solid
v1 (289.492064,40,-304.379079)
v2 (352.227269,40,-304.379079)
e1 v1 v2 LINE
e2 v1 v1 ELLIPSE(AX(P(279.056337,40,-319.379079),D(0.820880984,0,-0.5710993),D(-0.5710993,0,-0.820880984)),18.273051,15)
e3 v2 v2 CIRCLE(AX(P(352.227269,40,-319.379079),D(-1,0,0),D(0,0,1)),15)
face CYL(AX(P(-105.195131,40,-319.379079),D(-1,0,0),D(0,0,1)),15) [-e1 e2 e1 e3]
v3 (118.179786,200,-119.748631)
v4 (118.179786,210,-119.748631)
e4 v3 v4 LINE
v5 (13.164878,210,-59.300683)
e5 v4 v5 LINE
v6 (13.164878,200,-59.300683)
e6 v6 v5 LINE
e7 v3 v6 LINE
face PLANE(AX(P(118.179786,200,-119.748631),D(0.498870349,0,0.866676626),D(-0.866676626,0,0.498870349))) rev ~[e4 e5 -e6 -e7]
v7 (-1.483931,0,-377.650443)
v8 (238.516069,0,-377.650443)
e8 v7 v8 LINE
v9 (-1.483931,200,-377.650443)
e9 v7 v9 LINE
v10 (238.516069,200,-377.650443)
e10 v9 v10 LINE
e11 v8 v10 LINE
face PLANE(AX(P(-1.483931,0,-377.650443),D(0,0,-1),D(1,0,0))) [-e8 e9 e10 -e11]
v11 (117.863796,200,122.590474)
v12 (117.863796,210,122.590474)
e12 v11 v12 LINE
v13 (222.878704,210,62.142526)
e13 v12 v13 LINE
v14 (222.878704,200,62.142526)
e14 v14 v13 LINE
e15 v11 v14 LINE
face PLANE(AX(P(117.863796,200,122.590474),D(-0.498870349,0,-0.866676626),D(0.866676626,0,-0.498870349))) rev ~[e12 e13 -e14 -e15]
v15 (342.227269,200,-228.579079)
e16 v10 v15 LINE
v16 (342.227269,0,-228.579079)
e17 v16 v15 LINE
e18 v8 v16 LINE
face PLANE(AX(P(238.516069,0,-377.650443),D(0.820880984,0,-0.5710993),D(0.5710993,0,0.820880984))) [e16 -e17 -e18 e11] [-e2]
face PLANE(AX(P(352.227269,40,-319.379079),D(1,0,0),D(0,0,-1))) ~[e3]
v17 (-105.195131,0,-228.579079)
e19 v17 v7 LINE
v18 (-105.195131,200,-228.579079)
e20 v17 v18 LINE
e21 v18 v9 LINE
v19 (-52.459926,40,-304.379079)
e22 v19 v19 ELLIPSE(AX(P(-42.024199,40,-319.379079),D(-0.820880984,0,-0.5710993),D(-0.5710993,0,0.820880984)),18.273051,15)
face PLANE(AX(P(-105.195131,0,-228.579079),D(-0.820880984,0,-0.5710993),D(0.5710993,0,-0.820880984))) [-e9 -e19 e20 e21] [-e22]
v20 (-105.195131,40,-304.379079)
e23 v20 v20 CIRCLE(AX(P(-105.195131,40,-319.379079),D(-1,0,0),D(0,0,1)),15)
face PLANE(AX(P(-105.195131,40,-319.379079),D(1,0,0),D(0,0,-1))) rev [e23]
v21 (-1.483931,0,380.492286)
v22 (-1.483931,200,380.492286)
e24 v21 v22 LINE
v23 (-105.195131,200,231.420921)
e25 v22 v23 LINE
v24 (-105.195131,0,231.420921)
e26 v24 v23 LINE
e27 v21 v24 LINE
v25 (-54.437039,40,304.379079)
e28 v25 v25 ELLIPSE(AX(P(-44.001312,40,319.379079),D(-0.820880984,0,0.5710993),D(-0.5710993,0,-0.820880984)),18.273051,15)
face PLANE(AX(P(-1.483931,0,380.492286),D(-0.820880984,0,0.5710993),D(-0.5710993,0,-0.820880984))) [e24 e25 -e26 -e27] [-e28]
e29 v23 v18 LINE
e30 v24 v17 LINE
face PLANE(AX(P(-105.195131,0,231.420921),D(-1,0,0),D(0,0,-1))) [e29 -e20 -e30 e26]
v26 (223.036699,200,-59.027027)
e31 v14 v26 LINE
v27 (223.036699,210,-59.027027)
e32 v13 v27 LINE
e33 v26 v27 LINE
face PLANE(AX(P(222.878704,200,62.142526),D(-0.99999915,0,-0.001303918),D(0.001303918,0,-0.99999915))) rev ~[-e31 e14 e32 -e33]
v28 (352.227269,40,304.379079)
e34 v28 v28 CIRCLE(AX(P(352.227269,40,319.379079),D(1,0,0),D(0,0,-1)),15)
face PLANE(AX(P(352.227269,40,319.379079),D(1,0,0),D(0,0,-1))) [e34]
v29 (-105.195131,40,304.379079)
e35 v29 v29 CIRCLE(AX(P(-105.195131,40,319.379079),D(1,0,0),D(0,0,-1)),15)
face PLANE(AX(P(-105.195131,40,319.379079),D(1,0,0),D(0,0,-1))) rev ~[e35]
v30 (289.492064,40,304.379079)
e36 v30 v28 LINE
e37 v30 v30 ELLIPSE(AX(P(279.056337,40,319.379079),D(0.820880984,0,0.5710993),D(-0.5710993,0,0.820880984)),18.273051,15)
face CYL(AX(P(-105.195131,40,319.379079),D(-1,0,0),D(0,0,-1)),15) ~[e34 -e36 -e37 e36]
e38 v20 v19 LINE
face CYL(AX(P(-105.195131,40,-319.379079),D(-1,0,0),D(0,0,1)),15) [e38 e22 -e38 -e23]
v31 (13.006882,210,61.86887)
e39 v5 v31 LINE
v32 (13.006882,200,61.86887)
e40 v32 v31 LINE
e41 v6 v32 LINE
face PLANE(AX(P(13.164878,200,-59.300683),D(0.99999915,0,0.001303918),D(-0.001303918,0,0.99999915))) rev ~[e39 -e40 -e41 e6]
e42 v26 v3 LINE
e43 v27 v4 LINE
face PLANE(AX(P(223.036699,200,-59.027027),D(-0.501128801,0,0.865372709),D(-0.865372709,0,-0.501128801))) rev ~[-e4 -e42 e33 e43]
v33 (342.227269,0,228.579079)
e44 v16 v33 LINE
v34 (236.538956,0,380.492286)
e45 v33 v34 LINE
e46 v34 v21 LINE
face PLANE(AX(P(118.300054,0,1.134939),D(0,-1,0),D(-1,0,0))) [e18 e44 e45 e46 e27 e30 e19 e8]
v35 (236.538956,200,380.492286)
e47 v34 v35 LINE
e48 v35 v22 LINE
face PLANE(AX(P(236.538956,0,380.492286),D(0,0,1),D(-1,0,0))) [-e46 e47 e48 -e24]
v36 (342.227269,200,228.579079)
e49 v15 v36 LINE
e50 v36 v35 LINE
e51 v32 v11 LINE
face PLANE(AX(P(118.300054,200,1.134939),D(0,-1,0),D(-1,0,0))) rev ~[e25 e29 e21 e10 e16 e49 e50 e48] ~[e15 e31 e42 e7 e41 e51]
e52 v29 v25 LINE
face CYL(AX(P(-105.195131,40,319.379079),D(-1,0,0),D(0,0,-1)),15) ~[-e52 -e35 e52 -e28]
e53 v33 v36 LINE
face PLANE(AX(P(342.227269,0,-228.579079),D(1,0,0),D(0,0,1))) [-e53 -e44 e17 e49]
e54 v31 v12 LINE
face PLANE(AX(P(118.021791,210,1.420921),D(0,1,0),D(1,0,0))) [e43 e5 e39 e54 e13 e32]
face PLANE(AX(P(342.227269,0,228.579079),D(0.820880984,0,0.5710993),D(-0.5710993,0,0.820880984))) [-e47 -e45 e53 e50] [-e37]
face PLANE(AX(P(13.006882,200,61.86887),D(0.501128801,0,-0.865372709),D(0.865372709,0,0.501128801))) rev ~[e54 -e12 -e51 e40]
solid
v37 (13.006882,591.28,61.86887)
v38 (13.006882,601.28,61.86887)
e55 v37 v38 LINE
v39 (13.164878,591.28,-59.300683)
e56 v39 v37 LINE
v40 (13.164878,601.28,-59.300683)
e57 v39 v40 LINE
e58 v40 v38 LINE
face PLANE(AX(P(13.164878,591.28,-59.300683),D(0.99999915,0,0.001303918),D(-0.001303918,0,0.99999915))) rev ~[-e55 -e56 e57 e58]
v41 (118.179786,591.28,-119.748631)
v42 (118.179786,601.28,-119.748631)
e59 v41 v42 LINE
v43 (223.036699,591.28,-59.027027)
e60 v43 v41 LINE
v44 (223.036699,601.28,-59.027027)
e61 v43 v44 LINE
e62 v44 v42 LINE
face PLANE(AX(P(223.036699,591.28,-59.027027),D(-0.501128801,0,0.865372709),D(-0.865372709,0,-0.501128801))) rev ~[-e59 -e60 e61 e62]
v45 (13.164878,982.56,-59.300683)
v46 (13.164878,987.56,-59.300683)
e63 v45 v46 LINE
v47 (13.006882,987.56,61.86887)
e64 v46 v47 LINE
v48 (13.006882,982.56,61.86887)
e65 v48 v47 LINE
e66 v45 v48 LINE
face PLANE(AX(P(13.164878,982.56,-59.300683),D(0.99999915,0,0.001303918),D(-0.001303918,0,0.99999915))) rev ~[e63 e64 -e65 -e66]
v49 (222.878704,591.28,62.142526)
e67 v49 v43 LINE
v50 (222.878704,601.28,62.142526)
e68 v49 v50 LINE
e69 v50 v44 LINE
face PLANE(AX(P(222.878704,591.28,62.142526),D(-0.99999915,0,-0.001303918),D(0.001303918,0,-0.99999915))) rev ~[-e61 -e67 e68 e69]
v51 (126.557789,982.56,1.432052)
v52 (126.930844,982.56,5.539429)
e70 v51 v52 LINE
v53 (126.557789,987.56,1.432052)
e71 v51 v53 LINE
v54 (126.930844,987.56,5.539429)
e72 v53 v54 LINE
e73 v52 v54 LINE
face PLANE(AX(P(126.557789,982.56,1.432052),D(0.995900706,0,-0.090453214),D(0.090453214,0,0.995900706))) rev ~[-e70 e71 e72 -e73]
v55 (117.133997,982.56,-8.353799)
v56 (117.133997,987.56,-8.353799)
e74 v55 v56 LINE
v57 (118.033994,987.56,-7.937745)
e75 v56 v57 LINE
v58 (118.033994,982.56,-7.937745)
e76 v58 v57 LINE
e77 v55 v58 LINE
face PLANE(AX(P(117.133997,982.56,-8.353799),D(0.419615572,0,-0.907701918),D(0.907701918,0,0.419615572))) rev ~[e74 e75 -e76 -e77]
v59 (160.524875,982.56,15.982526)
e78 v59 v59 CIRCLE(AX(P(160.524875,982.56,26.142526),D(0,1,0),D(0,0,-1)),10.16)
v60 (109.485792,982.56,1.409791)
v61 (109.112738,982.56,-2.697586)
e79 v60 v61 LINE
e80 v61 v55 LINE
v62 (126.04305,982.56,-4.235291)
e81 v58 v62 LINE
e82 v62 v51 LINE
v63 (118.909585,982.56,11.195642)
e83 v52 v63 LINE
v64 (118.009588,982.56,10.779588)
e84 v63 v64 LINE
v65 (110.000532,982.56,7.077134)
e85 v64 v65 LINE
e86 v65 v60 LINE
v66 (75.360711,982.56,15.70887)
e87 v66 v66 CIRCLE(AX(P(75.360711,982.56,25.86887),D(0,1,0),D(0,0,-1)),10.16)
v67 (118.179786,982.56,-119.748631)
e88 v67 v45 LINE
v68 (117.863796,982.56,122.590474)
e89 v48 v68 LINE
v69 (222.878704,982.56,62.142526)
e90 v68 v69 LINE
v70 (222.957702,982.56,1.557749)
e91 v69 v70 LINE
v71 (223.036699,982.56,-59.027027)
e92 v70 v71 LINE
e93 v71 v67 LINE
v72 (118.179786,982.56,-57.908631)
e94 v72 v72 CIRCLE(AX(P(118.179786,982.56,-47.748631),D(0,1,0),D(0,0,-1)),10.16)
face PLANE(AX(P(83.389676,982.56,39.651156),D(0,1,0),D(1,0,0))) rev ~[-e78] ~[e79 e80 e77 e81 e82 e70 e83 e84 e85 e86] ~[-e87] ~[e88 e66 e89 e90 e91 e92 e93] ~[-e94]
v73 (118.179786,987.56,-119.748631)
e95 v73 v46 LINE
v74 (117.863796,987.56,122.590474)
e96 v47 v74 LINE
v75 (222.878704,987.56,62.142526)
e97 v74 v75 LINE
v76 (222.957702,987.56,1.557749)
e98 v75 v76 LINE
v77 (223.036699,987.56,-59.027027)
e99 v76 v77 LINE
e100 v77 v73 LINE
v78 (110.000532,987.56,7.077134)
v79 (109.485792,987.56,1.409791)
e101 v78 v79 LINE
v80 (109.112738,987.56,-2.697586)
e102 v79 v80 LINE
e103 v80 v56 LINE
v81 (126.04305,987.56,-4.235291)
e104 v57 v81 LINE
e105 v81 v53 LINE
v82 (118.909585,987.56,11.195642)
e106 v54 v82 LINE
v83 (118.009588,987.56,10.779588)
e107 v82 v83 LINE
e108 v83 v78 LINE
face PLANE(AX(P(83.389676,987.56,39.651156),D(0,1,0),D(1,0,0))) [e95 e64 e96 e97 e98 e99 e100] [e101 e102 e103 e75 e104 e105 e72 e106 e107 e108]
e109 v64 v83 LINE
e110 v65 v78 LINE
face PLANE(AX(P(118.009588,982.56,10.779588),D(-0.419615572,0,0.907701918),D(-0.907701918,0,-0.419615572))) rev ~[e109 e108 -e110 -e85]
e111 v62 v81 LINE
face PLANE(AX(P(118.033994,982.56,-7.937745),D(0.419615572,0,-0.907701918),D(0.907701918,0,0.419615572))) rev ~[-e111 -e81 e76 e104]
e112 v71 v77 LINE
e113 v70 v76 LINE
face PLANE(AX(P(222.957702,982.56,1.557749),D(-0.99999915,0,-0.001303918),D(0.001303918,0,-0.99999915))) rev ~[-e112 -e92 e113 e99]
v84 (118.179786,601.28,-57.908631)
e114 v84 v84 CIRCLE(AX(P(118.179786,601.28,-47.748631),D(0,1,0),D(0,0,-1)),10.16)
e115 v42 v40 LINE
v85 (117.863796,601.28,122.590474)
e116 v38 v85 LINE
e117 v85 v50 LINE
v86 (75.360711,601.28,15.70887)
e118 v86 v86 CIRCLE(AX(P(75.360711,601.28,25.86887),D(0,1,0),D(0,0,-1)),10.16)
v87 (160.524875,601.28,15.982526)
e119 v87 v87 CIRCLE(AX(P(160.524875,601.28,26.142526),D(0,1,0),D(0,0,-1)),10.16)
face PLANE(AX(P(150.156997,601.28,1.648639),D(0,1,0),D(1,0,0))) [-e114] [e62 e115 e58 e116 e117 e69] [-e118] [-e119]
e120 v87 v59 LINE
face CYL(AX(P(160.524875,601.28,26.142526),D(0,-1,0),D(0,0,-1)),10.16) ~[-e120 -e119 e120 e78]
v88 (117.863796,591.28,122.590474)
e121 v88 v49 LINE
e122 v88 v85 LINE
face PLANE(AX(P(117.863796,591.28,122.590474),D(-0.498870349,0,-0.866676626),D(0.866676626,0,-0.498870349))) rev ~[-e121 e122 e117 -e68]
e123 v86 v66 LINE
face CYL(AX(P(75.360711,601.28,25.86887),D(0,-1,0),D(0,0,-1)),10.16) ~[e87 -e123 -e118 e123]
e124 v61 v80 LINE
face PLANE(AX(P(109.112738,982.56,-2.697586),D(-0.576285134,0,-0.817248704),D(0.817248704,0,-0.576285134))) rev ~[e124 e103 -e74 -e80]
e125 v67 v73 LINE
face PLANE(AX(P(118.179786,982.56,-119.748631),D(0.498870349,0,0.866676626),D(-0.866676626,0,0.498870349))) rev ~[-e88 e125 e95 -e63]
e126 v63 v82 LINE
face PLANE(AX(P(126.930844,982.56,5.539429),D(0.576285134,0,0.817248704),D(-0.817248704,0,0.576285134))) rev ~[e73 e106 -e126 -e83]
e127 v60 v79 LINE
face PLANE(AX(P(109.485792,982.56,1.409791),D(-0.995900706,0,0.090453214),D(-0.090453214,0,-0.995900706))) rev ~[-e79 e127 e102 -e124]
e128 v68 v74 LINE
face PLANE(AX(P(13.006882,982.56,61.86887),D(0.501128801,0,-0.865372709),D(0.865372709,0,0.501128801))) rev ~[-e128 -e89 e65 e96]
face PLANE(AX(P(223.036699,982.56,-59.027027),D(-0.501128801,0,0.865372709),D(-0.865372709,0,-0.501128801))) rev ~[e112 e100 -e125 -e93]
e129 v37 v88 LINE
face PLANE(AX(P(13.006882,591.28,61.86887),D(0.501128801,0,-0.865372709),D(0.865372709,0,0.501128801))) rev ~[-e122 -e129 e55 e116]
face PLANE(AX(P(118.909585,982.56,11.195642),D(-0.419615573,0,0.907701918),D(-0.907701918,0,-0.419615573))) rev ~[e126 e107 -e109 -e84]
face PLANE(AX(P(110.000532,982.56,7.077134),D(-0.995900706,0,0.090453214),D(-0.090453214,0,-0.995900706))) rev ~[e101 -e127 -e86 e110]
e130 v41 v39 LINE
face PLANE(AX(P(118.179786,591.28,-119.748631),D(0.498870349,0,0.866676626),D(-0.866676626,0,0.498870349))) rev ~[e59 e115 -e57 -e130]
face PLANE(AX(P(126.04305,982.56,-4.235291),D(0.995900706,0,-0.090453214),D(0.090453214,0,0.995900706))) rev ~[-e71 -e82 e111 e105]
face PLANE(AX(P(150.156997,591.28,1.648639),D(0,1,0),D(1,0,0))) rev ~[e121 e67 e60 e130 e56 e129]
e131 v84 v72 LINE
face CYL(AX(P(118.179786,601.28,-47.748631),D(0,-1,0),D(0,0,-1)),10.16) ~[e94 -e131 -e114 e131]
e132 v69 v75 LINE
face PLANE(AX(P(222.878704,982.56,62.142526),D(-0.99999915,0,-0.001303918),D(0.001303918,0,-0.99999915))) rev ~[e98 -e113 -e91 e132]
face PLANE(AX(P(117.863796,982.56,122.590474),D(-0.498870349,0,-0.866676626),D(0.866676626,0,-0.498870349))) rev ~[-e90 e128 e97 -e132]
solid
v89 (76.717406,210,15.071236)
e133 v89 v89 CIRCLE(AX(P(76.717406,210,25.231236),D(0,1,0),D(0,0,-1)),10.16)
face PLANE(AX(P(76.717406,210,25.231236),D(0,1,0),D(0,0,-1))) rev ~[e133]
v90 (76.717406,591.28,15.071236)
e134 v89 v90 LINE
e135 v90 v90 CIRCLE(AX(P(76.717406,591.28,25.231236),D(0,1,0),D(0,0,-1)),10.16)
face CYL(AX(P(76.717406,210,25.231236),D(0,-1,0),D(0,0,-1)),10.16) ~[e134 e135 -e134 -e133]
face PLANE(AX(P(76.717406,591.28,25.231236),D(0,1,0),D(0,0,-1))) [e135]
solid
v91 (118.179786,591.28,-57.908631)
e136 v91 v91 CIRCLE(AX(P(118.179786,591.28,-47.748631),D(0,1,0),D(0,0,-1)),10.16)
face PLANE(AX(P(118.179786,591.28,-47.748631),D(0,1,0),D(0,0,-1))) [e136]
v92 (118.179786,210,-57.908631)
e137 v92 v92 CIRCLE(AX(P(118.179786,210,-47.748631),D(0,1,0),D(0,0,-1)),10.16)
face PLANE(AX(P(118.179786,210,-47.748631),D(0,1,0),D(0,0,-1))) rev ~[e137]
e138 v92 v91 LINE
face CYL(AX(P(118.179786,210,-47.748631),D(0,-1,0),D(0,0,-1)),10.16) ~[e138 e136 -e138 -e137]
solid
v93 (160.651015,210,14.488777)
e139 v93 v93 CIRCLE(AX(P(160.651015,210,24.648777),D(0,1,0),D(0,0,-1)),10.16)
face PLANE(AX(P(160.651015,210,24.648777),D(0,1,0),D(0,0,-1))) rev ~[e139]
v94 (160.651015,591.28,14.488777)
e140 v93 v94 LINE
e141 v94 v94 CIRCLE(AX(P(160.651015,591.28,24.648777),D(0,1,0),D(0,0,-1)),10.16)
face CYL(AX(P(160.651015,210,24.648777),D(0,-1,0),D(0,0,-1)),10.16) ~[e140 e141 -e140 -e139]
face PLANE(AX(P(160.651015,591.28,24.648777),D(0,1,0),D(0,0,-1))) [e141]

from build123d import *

# Parameters (mm, degrees)
BOSS_EXTRUDE1_DEPTH   = 200
BOSS_EXTRUDE2_DEPTH   = 10
SKETCH3_R             = 10.16
BOSS_EXTRUDE3_DEPTH   = 381.28
BOSS_EXTRUDE3_2_DEPTH = 381.28
BOSS_EXTRUDE3_3_DEPTH = 381.28
BOSS_EXTRUDE4_DEPTH   = 10
SKETCH6_R             = 10.16
BOSS_EXTRUDE5_DEPTH   = 381.28
BOSS_EXTRUDE6_DEPTH   = 5
BOSS_EXTRUDE9_START   = -457.4224
SKETCH11_R            = 15
BOSS_EXTRUDE9_DEPTH   = 457.4224


with BuildPart() as part:
    # Sketch1 → Boss-Extrude1 (new body)
    with BuildSketch(Plane(origin=(0, 0, 0), x_dir=(1, 0, 0), z_dir=(0, 1, 0))):
        Polygon((-1.483930898, -380.492285736), (-105.195130657, -231.420921496), (-105.195130657, 228.579078504), (-1.483930898, 377.650442745), (238.516069102, 377.650442745), (342.227268861, 228.579078504), (342.227268861, -228.579078504), (236.538956009, -380.492285736), align=None)
    extrude(amount=BOSS_EXTRUDE1_DEPTH)

    # Sketch2 → Boss-Extrude2 (add)
    with BuildSketch(Plane(origin=(0, 200, 0), x_dir=(1, 0, 0), z_dir=(0, 1, 0))):
        Polygon((117.863795573, -122.590474184), (222.878703994, -62.142525746), (223.036699251, 59.027026943), (118.179786085, 119.748631193), (13.164877663, 59.300682754), (13.006882407, -61.868869934), align=None)
    extrude(amount=BOSS_EXTRUDE2_DEPTH)

    # Sketch11 → Boss-Extrude9 (add)
    with BuildSketch(Plane(origin=(352.227268861, 0, 0), x_dir=(0, 0, -1), z_dir=(1, 0, 0)).offset(BOSS_EXTRUDE9_START)):
        with Locations((-319.379078504, 40)):
            Circle(SKETCH11_R)
    boss_extrude9 = extrude(amount=BOSS_EXTRUDE9_DEPTH)

    # Mirror6: Boss-Extrude9 across plane
    add(boss_extrude9.mirror(Plane.XY))


with BuildPart() as body_2:
    # Sketch3 → Boss-Extrude3 (new body)
    with BuildSketch(Plane(origin=(0, 210, 0), x_dir=(1, 0, 0), z_dir=(0, 1, 0))):
        with Locations(Location((118.179786085, 47.748631193, 0), (0, 0, 90))):
            Circle(SKETCH3_R)
    extrude(amount=BOSS_EXTRUDE3_DEPTH)


with BuildPart() as body_3:
    # Sketch3 → Boss-Extrude3 2 (new body)
    with BuildSketch(Plane(origin=(0, 210, 0), x_dir=(1, 0, 0), z_dir=(0, 1, 0))):
        with Locations(Location((160.651015276, -24.648777083, 0), (0, 0, 90))):
            Circle(SKETCH3_R)
    extrude(amount=BOSS_EXTRUDE3_2_DEPTH)


with BuildPart() as body_4:
    # Sketch3 → Boss-Extrude3 3 (new body)
    with BuildSketch(Plane(origin=(0, 210, 0), x_dir=(1, 0, 0), z_dir=(0, 1, 0))):
        with Locations(Location((76.717405945, -25.231236354, 0), (0, 0, 90))):
            Circle(SKETCH3_R)
    extrude(amount=BOSS_EXTRUDE3_3_DEPTH)


with BuildPart() as body_5:
    # Sketch4 → Boss-Extrude4 (new body)
    with BuildSketch(Plane(origin=(0, 591.28, 0), x_dir=(1, 0, 0), z_dir=(0, 1, 0))):
        Polygon((197.21545944, 46.136372217), (118.140988501, 89.994029365), (117.902593157, -92.835872356), (119.610781014, -93.783297188), (198.804449625, -46.226003475), align=None)
        Polygon((118.140988501, 89.994029365), (118.179786085, 119.748631193), (13.164877663, 59.300682754), (13.006882407, -61.868869934), (117.863795573, -122.590474184), (117.902593157, -92.835872356), (38.828122218, -48.978215208), (37.239132033, 43.384160484), (116.432800644, 90.941454197), align=None)
        Polygon((117.902593157, -92.835872356), (118.140988501, 89.994029365), (116.432800644, 90.941454197), (37.239132033, 43.384160484), (38.828122218, -48.978215208), align=None)
        Polygon((223.036699251, 59.027026943), (118.179786085, 119.748631193), (118.140988501, 89.994029365), (197.21545944, 46.136372217), (198.804449625, -46.226003475), (119.610781014, -93.783297188), (117.902593157, -92.835872356), (117.863795573, -122.590474184), (222.878703994, -62.142525746), align=None)
    extrude(amount=BOSS_EXTRUDE4_DEPTH)

    # Sketch6 → Boss-Extrude5 (add)
    with BuildSketch(Plane(origin=(0, 601.28, 0), x_dir=(1, 0, 0), z_dir=(0, 1, 0))):
        with Locations(Location((118.179786085, 47.748631193, 0), (0, 0, 90))):
            Circle(SKETCH6_R)
        with Locations(Location((160.524874922, -26.142525746, 0), (0, 0, 90))):
            Circle(SKETCH6_R)
        with Locations(Location((75.360711479, -25.868869934, 0), (0, 0, 90))):
            Circle(SKETCH6_R)
    extrude(amount=BOSS_EXTRUDE5_DEPTH)

    # Sketch7 → Boss-Extrude6 (add)
    with BuildSketch(Plane(origin=(0, 982.56, 0), x_dir=(1, 0, 0), z_dir=(0, 1, 0))):
        Polygon((109.485792495, -1.409791247), (38.021858837, -1.316608081), (37.961633459, -47.504590352), (117.901340073, -93.796886037), (118.009587888, -10.779587912), (110.000531921, -7.077133909), align=None)
        Polygon((118.03399377, 7.937744921), (118.142241584, 90.955043046), (38.082084215, 44.871374189), (38.021858837, -1.316608081), (109.485792495, -1.409791247), (109.112737735, 2.697586282), (117.133996643, 8.353798696), align=None)
        Polygon((118.142241584, 90.955043046), (118.179786085, 119.748631193), (13.164877663, 59.300682754), (13.085880035, -1.28409359), (38.021858837, -1.316608081), (38.082084215, 44.871374189), align=None)
        Polygon((38.021858837, -1.316608081), (13.085880035, -1.28409359), (13.006882407, -61.868869934), (117.863795573, -122.590474184), (117.901340073, -93.796886037), (37.961633459, -47.504590352), align=None)
        Polygon((197.961497443, -47.713217181), (198.021722821, -1.52523491), (126.557789163, -1.432051744), (126.930843922, -5.539429273), (118.909585014, -11.195641687), (118.009587888, -10.779587912), (117.901340073, -93.796886037), align=None)
        Polygon((222.878703994, -62.142525746), (222.957701623, -1.557749401), (198.021722821, -1.52523491), (197.961497443, -47.713217181), (117.901340073, -93.796886037), (117.863795573, -122.590474184), align=None)
        Polygon((198.081948198, 44.662747361), (118.142241584, 90.955043046), (118.03399377, 7.937744921), (126.043049736, 4.235290918), (126.557789163, -1.432051744), (198.021722821, -1.52523491), align=None)
        Polygon((223.036699251, 59.027026943), (118.179786085, 119.748631193), (118.142241584, 90.955043046), (198.081948198, 44.662747361), (198.021722821, -1.52523491), (222.957701623, -1.557749401), align=None)
    extrude(amount=BOSS_EXTRUDE6_DEPTH)


solid = Compound([part.part, body_2.part, body_3.part, body_4.part, body_5.part])
